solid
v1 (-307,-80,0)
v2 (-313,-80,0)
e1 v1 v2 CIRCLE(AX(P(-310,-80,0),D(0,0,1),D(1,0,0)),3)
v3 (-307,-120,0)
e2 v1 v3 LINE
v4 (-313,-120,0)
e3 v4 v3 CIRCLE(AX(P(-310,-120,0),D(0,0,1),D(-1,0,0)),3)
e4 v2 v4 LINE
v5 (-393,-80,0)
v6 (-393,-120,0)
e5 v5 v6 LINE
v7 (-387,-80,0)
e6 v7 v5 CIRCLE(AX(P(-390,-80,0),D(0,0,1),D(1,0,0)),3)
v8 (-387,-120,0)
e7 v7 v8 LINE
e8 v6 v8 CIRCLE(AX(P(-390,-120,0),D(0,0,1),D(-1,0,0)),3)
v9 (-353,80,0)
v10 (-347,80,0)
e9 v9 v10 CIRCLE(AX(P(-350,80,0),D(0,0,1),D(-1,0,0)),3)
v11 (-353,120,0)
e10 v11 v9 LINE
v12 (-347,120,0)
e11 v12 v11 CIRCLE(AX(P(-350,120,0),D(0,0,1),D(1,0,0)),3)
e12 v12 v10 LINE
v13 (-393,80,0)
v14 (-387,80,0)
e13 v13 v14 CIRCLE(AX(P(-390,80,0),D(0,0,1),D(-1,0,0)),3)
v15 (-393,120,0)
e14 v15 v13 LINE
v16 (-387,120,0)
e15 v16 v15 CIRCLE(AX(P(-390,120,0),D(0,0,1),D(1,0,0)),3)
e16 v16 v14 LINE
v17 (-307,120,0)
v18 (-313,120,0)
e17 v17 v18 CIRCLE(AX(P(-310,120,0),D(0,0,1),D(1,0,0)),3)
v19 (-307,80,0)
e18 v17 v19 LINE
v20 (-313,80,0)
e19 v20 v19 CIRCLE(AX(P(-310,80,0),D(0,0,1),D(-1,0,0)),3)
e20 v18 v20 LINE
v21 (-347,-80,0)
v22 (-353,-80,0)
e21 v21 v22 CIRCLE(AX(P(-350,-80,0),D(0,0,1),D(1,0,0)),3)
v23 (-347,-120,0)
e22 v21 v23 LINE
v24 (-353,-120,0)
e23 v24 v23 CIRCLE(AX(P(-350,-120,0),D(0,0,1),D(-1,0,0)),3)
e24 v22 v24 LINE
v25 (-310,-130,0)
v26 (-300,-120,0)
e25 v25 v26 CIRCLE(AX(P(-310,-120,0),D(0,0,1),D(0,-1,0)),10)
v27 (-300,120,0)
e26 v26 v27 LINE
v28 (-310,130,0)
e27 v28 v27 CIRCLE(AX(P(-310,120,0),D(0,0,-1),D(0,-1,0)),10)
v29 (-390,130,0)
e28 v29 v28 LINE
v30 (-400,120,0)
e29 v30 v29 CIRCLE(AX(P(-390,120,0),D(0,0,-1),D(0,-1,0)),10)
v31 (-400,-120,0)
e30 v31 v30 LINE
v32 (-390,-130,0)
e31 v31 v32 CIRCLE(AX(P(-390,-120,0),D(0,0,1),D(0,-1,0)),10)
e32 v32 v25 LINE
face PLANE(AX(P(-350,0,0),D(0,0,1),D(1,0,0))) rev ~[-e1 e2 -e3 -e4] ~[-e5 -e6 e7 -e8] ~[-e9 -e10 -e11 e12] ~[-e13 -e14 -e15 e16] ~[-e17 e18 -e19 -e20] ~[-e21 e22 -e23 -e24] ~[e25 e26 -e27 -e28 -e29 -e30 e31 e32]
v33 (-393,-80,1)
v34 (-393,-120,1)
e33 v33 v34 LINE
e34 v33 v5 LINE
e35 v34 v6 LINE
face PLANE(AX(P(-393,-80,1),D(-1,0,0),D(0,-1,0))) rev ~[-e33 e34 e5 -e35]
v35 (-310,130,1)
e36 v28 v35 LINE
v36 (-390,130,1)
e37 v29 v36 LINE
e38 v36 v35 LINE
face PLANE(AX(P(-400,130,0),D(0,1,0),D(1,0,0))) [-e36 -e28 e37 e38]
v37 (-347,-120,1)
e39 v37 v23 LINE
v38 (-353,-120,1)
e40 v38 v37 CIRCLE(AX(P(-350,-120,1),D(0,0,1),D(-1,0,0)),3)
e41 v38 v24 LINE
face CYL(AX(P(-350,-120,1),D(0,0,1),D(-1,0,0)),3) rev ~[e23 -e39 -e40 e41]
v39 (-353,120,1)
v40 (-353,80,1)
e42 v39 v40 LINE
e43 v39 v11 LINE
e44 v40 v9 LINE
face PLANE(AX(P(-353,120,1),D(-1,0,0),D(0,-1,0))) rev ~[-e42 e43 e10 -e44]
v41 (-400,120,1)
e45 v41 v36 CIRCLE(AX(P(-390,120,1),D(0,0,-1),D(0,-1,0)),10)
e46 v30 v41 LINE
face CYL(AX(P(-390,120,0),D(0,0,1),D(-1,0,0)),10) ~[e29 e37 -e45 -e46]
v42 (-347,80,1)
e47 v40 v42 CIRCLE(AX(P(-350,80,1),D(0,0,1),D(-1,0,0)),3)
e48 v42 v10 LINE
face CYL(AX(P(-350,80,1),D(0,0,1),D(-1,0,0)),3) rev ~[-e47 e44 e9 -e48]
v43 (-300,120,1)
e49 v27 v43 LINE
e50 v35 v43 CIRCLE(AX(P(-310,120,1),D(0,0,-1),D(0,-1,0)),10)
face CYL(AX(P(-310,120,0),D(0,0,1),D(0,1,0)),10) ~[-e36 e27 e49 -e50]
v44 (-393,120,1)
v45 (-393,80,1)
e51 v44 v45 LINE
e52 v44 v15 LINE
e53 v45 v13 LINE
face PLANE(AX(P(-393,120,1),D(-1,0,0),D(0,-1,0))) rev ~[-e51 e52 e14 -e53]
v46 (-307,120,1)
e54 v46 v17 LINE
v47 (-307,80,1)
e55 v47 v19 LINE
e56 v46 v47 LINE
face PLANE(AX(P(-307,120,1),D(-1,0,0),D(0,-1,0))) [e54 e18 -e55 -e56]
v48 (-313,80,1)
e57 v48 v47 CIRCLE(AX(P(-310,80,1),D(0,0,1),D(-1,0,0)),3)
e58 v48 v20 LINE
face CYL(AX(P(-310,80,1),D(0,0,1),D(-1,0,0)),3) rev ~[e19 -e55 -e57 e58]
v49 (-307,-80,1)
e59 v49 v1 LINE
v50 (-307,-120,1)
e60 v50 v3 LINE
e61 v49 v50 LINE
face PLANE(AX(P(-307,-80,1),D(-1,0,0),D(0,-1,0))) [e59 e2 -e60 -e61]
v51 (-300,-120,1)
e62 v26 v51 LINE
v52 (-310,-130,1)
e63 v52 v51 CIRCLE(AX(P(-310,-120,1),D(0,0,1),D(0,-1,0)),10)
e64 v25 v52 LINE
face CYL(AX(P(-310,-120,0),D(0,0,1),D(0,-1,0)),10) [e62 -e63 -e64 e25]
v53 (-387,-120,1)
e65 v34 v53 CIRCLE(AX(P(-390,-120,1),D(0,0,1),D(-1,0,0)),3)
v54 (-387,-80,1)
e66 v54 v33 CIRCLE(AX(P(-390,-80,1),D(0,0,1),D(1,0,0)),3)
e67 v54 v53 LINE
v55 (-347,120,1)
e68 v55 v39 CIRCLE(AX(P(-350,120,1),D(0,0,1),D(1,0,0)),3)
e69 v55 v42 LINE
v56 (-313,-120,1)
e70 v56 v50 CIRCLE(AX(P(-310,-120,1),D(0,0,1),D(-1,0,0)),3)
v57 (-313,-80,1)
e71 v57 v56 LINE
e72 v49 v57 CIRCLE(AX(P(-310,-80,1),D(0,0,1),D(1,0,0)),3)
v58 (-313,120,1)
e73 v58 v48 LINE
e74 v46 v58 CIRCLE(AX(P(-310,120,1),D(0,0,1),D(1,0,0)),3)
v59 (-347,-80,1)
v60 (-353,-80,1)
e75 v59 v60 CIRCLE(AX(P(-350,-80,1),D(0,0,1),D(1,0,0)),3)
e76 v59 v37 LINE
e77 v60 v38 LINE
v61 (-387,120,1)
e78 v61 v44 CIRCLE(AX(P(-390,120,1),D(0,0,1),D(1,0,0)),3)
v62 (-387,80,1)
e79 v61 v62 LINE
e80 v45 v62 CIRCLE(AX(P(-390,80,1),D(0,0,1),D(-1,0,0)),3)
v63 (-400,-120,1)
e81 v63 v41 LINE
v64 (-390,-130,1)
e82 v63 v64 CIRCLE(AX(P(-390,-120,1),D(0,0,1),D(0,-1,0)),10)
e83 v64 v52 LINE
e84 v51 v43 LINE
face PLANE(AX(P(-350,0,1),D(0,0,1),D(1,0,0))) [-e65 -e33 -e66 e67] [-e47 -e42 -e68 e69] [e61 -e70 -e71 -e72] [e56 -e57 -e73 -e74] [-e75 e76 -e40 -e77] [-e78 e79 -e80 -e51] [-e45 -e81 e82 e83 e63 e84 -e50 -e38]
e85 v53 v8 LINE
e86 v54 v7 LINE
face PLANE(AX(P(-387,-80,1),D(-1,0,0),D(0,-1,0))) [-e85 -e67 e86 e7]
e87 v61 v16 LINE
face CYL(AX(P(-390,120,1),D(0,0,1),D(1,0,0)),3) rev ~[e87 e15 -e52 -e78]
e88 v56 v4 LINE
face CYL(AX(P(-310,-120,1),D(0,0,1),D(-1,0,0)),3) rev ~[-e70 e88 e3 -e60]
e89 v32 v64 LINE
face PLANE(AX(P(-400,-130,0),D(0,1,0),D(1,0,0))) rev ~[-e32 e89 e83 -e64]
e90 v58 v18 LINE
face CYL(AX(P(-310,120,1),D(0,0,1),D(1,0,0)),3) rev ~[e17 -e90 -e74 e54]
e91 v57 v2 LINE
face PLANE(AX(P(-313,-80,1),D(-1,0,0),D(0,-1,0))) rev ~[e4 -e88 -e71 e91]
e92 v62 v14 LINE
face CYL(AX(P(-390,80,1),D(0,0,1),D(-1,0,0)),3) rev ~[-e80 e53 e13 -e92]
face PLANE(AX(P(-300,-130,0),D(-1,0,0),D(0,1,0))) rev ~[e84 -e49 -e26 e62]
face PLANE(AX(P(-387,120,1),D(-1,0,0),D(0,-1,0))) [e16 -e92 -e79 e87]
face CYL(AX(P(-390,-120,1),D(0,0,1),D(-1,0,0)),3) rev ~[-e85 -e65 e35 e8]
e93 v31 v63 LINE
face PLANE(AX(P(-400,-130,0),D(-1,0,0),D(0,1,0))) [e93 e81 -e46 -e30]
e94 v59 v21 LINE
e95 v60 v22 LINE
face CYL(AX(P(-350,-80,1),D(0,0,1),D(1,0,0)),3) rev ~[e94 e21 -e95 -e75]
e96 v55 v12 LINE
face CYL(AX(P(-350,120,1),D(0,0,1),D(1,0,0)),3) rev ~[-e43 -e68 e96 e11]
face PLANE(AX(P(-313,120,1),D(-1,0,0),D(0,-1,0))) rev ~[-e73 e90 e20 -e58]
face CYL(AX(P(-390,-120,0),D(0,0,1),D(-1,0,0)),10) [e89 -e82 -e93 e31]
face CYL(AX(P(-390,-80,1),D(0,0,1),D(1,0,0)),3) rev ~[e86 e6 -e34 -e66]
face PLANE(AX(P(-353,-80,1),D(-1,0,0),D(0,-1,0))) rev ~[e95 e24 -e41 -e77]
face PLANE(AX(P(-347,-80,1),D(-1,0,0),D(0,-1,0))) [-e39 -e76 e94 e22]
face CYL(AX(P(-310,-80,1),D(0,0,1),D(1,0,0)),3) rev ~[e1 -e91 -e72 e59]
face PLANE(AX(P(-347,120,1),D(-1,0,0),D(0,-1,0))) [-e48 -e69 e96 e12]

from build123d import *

# Parameters (mm, degrees)
SKETCH006_W     = 100
SKETCH006_H     = 260
PAD001_DEPTH    = 1
POCKET005_DEPTH = 5
FILLET_R        = 10


with BuildPart() as part:
    # Sketch006 → Pad001 (new body)
    with BuildSketch(Plane.XY):
        with Locations((-350, 0)):
            Rectangle(SKETCH006_W, SKETCH006_H)
    extrude(amount=PAD001_DEPTH)

    # Sketch007 (on Face6 of Pad001) → Pocket005 (cut)
    with BuildSketch(Plane.XY.offset(1)):
        with BuildLine():
            ThreePointArc((-347, -80), (-350, -77), (-353, -80))
            Line((-353, -80), (-353, -120))
            ThreePointArc((-353, -120), (-350, -123), (-347, -120))
            Line((-347, -80), (-347, -120))
        make_face()
        with BuildLine():
            ThreePointArc((-387, -80), (-390, -77), (-393, -80))
            Line((-393, -80), (-393, -120))
            ThreePointArc((-393, -120), (-390, -123), (-387, -120))
            Line((-387, -80), (-387, -120))
        make_face()
        with BuildLine():
            ThreePointArc((-307, -80), (-310, -77), (-313, -80))
            Line((-313, -80), (-313, -120))
            ThreePointArc((-313, -120), (-310, -123), (-307, -120))
            Line((-307, -80), (-307, -120))
        make_face()
        with BuildLine():
            ThreePointArc((-347, 120), (-350, 123), (-353, 120))
            Line((-353, 120), (-353, 80))
            ThreePointArc((-353, 80), (-350, 77), (-347, 80))
            Line((-347, 120), (-347, 80))
        make_face()
        with BuildLine():
            ThreePointArc((-387, 120), (-390, 123), (-393, 120))
            Line((-393, 120), (-393, 80))
            ThreePointArc((-393, 80), (-390, 77), (-387, 80))
            Line((-387, 120), (-387, 80))
        make_face()
        with BuildLine():
            ThreePointArc((-307, 120), (-310, 123), (-313, 120))
            Line((-313, 120), (-313, 80))
            ThreePointArc((-313, 80), (-310, 77), (-307, 80))
            Line((-307, 120), (-307, 80))
        make_face()
    extrude(amount=-POCKET005_DEPTH, mode=Mode.SUBTRACT)

    # Fillet
    fillet_edges = [part.edges().sort_by_distance(p)[0] for p in [
        (-400, 130, 0.5),
        (-400, -130, 0.5),
        (-300, -130, 0.5),
        (-300, 130, 0.5),
    ]]
    fillet(fillet_edges, radius=FILLET_R)


solid = part.part
